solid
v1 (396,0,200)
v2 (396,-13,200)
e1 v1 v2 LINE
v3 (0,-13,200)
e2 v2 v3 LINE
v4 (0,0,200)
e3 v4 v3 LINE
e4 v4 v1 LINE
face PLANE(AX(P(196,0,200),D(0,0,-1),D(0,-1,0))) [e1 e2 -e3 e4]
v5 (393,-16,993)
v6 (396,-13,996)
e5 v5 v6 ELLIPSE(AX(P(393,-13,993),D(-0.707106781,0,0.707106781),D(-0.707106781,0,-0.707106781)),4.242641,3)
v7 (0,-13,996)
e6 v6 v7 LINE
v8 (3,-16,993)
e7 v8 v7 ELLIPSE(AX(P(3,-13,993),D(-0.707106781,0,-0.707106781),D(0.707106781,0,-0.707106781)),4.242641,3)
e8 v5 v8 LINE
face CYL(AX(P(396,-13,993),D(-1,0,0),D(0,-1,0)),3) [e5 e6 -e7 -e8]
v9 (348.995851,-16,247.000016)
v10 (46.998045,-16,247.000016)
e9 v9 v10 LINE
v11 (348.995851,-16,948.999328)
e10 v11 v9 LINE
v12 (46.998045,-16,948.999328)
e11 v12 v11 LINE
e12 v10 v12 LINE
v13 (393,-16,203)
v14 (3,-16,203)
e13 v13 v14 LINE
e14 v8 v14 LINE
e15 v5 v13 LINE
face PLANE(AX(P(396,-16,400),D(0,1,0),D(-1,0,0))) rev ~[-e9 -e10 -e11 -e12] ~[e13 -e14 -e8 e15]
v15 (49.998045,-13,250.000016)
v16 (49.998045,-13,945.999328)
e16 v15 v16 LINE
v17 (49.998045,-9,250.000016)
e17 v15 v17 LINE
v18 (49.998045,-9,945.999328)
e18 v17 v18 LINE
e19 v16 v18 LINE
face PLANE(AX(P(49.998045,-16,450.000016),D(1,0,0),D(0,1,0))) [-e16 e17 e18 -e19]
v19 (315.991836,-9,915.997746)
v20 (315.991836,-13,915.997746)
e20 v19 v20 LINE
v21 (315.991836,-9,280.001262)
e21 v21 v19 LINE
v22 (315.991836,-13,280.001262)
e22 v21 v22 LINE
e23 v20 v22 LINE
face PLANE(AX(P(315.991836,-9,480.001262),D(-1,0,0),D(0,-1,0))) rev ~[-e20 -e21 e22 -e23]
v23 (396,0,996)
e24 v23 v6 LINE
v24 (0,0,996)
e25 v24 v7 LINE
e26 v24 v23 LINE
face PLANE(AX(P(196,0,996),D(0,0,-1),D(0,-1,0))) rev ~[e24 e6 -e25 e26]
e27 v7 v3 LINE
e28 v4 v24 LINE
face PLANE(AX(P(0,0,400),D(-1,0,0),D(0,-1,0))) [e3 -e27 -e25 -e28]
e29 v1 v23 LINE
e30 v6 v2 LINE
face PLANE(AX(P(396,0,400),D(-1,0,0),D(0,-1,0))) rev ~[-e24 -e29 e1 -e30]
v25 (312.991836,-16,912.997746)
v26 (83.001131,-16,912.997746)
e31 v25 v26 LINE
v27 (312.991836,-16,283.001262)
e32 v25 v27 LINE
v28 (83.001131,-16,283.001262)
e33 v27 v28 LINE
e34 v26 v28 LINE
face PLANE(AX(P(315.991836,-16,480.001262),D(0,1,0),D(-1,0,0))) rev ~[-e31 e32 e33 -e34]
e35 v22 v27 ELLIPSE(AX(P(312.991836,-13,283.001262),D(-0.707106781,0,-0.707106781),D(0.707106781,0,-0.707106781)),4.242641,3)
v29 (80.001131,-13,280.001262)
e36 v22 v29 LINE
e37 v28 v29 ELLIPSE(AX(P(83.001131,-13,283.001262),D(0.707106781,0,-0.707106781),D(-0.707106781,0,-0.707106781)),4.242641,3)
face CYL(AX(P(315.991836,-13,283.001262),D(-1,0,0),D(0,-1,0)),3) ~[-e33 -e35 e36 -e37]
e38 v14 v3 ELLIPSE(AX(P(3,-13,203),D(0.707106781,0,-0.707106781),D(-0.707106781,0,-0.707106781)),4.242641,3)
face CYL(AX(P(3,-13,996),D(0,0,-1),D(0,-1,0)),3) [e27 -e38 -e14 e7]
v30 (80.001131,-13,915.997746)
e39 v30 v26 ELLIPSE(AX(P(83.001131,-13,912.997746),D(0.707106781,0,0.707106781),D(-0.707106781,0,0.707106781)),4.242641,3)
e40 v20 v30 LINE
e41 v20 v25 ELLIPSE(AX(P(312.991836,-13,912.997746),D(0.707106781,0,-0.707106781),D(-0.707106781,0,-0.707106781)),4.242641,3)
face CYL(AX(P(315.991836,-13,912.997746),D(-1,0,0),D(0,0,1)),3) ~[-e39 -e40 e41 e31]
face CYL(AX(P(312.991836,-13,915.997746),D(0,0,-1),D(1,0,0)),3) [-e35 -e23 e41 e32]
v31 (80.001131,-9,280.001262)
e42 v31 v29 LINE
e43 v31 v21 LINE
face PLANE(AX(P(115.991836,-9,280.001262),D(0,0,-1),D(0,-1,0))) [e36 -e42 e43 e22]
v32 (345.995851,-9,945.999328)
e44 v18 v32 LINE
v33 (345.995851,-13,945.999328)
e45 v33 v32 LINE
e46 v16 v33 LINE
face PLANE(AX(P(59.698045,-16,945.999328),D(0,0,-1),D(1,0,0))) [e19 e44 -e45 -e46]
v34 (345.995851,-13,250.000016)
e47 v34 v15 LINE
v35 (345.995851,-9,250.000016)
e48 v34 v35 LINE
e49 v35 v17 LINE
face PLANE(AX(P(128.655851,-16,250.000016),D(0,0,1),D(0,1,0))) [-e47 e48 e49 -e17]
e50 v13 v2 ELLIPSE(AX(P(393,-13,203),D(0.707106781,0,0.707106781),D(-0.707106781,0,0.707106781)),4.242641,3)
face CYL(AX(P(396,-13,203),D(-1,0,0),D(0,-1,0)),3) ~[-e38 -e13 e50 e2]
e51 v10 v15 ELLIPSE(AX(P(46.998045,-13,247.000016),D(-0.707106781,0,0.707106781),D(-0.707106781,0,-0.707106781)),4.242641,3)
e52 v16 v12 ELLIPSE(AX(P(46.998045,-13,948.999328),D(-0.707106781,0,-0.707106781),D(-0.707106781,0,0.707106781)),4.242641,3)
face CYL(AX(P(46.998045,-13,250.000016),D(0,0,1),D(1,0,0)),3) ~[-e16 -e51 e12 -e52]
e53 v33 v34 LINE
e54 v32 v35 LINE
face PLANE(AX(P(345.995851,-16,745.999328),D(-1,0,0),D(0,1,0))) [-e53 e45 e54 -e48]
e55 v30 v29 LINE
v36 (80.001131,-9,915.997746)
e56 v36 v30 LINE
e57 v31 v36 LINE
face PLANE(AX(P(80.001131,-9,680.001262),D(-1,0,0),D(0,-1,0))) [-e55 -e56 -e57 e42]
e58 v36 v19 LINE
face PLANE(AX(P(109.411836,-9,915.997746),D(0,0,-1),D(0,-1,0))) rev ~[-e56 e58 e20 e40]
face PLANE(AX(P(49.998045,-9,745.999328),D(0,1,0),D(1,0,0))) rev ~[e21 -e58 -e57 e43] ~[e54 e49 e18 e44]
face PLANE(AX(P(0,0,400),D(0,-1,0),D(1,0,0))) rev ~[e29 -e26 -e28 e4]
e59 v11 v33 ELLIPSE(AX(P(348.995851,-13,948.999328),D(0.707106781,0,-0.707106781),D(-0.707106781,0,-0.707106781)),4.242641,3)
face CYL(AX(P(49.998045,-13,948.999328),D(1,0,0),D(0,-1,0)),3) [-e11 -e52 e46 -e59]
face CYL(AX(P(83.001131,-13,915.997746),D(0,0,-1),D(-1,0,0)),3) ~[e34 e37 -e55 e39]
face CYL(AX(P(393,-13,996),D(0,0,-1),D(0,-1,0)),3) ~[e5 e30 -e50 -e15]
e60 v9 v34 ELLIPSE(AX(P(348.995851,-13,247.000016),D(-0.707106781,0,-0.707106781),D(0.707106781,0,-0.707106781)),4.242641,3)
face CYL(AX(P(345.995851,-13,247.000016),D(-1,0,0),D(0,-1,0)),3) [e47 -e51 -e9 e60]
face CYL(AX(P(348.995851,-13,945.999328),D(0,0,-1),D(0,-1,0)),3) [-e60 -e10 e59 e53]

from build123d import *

# Parameters (mm, degrees)
F0_W      = 44.656470418
F0_H      = 33.8078811765
F1_DEPTH  = 16
F2_DEPTH  = 796
F3_DEPTH  = 196
F4_W      = 68.9578056335
F4_H      = 493.6993122101
F5_DEPTH  = 7
F6_DEPTH  = 9.7
F7_DEPTH  = 99.33
F8_DEPTH  = 99.33
F9_DEPTH  = 17.34
F10_DEPTH = 102.97
F11_W     = 35.2807044983
F11_H     = 492.0964837074
F12_DEPTH = 7
F13_DEPTH = 37.27
F14_DEPTH = 6.58
F15_DEPTH = 106.63
F16_DEPTH = 5.87
F17_DEPTH = 200
F18_DEPTH = 200
F19_DEPTH = 200
F20_DEPTH = 600
F21_DEPTH = 600
F22_DEPTH = 600
F23_DEPTH = 200
F24_DEPTH = 200
F25_DEPTH = 200
F26_DEPTH = 200
F27_DEPTH = 200
F28_DEPTH = 200
F29_DEPTH = 200
F30_DEPTH = 200
F31_DEPTH = 200
F32_R     = 3


with BuildPart() as f1:
    # F0 (on Front) → F1 (new body)
    with BuildSketch(Plane.XZ):
        with Locations((22.328235209, 16.9039405882)):
            Rectangle(F0_W, F0_H)
    extrude(amount=F1_DEPTH)

    # F2 (add): a face of the model
    f2_faces = [f1.faces().sort_by_distance(p)[0] for p in [
        (22.328235209, -8, 0),
    ]]
    extrude(f2_faces, amount=-F2_DEPTH)

    # F3 (add): a face of the model
    f3_faces = [f1.faces().sort_by_distance(p)[0] for p in [
        (0, -8, 398),
    ]]
    extrude(f3_faces, amount=-F3_DEPTH)

    # F4 (on face) → F5 (cut)
    with BuildSketch(Plane.XZ.offset(16)):
        with Locations((94.1769480705, 399.8196721077)):
            Rectangle(F4_W, F4_H)
    extrude(amount=-F5_DEPTH, mode=Mode.SUBTRACT)

    # F6 (cut): a face of the model
    f6_faces = [f1.faces().sort_by_distance(p)[0] for p in [
        (59.6980452538, -12.5, 399.8196721077),
    ]]
    extrude(f6_faces, amount=-F6_DEPTH, mode=Mode.SUBTRACT)

    # F7 (add): a face of the model
    f7_faces = [f1.faces().sort_by_distance(p)[0] for p in [
        (89.3269480705, -12.5, 646.6693282127),
    ]]
    extrude(f7_faces, amount=-F7_DEPTH)

    # F8 (cut): a face of the model
    f8_faces = [f1.faces().sort_by_distance(p)[0] for p in [
        (89.3269480705, -12.5, 646.6693282127),
    ]]
    extrude(f8_faces, amount=-F8_DEPTH, mode=Mode.SUBTRACT)

    # F9 (cut): a face of the model
    f9_faces = [f1.faces().sort_by_distance(p)[0] for p in [
        (128.6558508873, -12.5, 449.4846721077),
    ]]
    extrude(f9_faces, amount=-F9_DEPTH, mode=Mode.SUBTRACT)

    # F10 (cut): a face of the model
    f10_faces = [f1.faces().sort_by_distance(p)[0] for p in [
        (97.9969480705, -12.5, 152.9700160027),
    ]]
    extrude(f10_faces, amount=-F10_DEPTH, mode=Mode.SUBTRACT)

    # F11 (on face) → F12 (join)
    with BuildSketch(Plane.XZ.offset(9)):
        with Locations((91.7714834213, 432.6795041561)):
            Rectangle(F11_W, F11_H)
    extrude(amount=F12_DEPTH)

    # F13 (add): a face of the model
    f13_faces = [f1.faces().sort_by_distance(p)[0] for p in [
        (91.7714834213, -12.5, 678.7277460098),
    ]]
    extrude(f13_faces, amount=F13_DEPTH)

    # F14 (add): a face of the model
    f14_faces = [f1.faces().sort_by_distance(p)[0] for p in [
        (109.4118356705, -12.5, 451.3145041561),
    ]]
    extrude(f14_faces, amount=F14_DEPTH)

    # F15 (add): a face of the model
    f15_faces = [f1.faces().sort_by_distance(p)[0] for p in [
        (95.0614834213, -12.5, 186.6312623024),
    ]]
    extrude(f15_faces, amount=F15_DEPTH)

    # F16 (cut): a face of the model
    f16_faces = [f1.faces().sort_by_distance(p)[0] for p in [
        (74.1311311722, -12.5, 397.9995041561),
    ]]
    extrude(f16_faces, amount=-F16_DEPTH, mode=Mode.SUBTRACT)

    # F17 (add): a face of the model
    f17_faces = [f1.faces().sort_by_distance(p)[0] for p in [
        (196, -8, 398),
    ]]
    extrude(f17_faces, amount=F17_DEPTH)

    # F18 (cut): a face of the model
    f18_faces = [f1.faces().sort_by_distance(p)[0] for p in [
        (145.9958508873, -12.5, 397.9996721077),
    ]]
    extrude(f18_faces, amount=-F18_DEPTH, mode=Mode.SUBTRACT)

    # F19 (add): a face of the model
    f19_faces = [f1.faces().sort_by_distance(p)[0] for p in [
        (115.9918356705, -12.5, 397.9995041561),
    ]]
    extrude(f19_faces, amount=F19_DEPTH)

    # F20 (cut): a face of the model
    f20_faces = [f1.faces().sort_by_distance(p)[0] for p in [
        (197.9964834213, -12.5, 80.0012623024),
    ]]
    extrude(f20_faces, amount=-F20_DEPTH, mode=Mode.SUBTRACT)

    # F21 (add): a face of the model
    f21_faces = [f1.faces().sort_by_distance(p)[0] for p in [
        (197.9969480705, -12.5, 50.0000160027),
    ]]
    extrude(f21_faces, amount=F21_DEPTH)

    # F22 (cut): a face of the model
    f22_faces = [f1.faces().sort_by_distance(p)[0] for p in [
        (198, -8, 0),
    ]]
    extrude(f22_faces, amount=-F22_DEPTH, mode=Mode.SUBTRACT)

    # F23 (add): a face of the model
    f23_faces = [f1.faces().sort_by_distance(p)[0] for p in [
        (198, -8, 600),
    ]]
    extrude(f23_faces, amount=F23_DEPTH)

    # F24 (cut): a face of the model
    f24_faces = [f1.faces().sort_by_distance(p)[0] for p in [
        (197.9969480705, -12.5, 650.0000160027),
    ]]
    extrude(f24_faces, amount=-F24_DEPTH, mode=Mode.SUBTRACT)

    # F25 (add): a face of the model
    f25_faces = [f1.faces().sort_by_distance(p)[0] for p in [
        (197.9964834213, -12.5, 680.0012623024),
    ]]
    extrude(f25_faces, amount=F25_DEPTH)

    # F26 (add): a face of the model
    f26_faces = [f1.faces().sort_by_distance(p)[0] for p in [
        (198, -8, 796),
    ]]
    extrude(f26_faces, amount=F26_DEPTH)

    # F27 (cut): a face of the model
    f27_faces = [f1.faces().sort_by_distance(p)[0] for p in [
        (197.9969480705, -12.5, 745.9993282127),
    ]]
    extrude(f27_faces, amount=-F27_DEPTH, mode=Mode.SUBTRACT)

    # F28 (add): a face of the model
    f28_faces = [f1.faces().sort_by_distance(p)[0] for p in [
        (197.9964834213, -12.5, 715.9977460098),
    ]]
    extrude(f28_faces, amount=F28_DEPTH)

    # F29 (add): a face of the model
    f29_faces = [f1.faces().sort_by_distance(p)[0] for p in [
        (198, -8, 400),
    ]]
    extrude(f29_faces, amount=F29_DEPTH)

    # F30 (cut): a face of the model
    f30_faces = [f1.faces().sort_by_distance(p)[0] for p in [
        (197.9969480705, -12.5, 450.0000160027),
    ]]
    extrude(f30_faces, amount=-F30_DEPTH, mode=Mode.SUBTRACT)

    # F31 (add): a face of the model
    f31_faces = [f1.faces().sort_by_distance(p)[0] for p in [
        (197.9964834213, -12.5, 480.0012623024),
    ]]
    extrude(f31_faces, amount=F31_DEPTH)

    # F32
    f32_edges = [f1.edges().sort_by_distance(p)[0] for p in [
        (0, -16, 598),
        (198, -16, 200),
        (396, -16, 598),
        (198, -16, 996),
        (345.995851, -16, 597.999672),
        (197.996948, -16, 250.000016),
        (49.998045, -16, 597.999672),
        (197.996948, -16, 945.999328),
        (197.996483, -16, 915.997746),
        (315.991836, -16, 597.999504),
        (197.996483, -16, 280.001262),
        (80.001131, -16, 597.999504),
    ]]
    fillet(f32_edges, radius=F32_R)


solid = f1.part
